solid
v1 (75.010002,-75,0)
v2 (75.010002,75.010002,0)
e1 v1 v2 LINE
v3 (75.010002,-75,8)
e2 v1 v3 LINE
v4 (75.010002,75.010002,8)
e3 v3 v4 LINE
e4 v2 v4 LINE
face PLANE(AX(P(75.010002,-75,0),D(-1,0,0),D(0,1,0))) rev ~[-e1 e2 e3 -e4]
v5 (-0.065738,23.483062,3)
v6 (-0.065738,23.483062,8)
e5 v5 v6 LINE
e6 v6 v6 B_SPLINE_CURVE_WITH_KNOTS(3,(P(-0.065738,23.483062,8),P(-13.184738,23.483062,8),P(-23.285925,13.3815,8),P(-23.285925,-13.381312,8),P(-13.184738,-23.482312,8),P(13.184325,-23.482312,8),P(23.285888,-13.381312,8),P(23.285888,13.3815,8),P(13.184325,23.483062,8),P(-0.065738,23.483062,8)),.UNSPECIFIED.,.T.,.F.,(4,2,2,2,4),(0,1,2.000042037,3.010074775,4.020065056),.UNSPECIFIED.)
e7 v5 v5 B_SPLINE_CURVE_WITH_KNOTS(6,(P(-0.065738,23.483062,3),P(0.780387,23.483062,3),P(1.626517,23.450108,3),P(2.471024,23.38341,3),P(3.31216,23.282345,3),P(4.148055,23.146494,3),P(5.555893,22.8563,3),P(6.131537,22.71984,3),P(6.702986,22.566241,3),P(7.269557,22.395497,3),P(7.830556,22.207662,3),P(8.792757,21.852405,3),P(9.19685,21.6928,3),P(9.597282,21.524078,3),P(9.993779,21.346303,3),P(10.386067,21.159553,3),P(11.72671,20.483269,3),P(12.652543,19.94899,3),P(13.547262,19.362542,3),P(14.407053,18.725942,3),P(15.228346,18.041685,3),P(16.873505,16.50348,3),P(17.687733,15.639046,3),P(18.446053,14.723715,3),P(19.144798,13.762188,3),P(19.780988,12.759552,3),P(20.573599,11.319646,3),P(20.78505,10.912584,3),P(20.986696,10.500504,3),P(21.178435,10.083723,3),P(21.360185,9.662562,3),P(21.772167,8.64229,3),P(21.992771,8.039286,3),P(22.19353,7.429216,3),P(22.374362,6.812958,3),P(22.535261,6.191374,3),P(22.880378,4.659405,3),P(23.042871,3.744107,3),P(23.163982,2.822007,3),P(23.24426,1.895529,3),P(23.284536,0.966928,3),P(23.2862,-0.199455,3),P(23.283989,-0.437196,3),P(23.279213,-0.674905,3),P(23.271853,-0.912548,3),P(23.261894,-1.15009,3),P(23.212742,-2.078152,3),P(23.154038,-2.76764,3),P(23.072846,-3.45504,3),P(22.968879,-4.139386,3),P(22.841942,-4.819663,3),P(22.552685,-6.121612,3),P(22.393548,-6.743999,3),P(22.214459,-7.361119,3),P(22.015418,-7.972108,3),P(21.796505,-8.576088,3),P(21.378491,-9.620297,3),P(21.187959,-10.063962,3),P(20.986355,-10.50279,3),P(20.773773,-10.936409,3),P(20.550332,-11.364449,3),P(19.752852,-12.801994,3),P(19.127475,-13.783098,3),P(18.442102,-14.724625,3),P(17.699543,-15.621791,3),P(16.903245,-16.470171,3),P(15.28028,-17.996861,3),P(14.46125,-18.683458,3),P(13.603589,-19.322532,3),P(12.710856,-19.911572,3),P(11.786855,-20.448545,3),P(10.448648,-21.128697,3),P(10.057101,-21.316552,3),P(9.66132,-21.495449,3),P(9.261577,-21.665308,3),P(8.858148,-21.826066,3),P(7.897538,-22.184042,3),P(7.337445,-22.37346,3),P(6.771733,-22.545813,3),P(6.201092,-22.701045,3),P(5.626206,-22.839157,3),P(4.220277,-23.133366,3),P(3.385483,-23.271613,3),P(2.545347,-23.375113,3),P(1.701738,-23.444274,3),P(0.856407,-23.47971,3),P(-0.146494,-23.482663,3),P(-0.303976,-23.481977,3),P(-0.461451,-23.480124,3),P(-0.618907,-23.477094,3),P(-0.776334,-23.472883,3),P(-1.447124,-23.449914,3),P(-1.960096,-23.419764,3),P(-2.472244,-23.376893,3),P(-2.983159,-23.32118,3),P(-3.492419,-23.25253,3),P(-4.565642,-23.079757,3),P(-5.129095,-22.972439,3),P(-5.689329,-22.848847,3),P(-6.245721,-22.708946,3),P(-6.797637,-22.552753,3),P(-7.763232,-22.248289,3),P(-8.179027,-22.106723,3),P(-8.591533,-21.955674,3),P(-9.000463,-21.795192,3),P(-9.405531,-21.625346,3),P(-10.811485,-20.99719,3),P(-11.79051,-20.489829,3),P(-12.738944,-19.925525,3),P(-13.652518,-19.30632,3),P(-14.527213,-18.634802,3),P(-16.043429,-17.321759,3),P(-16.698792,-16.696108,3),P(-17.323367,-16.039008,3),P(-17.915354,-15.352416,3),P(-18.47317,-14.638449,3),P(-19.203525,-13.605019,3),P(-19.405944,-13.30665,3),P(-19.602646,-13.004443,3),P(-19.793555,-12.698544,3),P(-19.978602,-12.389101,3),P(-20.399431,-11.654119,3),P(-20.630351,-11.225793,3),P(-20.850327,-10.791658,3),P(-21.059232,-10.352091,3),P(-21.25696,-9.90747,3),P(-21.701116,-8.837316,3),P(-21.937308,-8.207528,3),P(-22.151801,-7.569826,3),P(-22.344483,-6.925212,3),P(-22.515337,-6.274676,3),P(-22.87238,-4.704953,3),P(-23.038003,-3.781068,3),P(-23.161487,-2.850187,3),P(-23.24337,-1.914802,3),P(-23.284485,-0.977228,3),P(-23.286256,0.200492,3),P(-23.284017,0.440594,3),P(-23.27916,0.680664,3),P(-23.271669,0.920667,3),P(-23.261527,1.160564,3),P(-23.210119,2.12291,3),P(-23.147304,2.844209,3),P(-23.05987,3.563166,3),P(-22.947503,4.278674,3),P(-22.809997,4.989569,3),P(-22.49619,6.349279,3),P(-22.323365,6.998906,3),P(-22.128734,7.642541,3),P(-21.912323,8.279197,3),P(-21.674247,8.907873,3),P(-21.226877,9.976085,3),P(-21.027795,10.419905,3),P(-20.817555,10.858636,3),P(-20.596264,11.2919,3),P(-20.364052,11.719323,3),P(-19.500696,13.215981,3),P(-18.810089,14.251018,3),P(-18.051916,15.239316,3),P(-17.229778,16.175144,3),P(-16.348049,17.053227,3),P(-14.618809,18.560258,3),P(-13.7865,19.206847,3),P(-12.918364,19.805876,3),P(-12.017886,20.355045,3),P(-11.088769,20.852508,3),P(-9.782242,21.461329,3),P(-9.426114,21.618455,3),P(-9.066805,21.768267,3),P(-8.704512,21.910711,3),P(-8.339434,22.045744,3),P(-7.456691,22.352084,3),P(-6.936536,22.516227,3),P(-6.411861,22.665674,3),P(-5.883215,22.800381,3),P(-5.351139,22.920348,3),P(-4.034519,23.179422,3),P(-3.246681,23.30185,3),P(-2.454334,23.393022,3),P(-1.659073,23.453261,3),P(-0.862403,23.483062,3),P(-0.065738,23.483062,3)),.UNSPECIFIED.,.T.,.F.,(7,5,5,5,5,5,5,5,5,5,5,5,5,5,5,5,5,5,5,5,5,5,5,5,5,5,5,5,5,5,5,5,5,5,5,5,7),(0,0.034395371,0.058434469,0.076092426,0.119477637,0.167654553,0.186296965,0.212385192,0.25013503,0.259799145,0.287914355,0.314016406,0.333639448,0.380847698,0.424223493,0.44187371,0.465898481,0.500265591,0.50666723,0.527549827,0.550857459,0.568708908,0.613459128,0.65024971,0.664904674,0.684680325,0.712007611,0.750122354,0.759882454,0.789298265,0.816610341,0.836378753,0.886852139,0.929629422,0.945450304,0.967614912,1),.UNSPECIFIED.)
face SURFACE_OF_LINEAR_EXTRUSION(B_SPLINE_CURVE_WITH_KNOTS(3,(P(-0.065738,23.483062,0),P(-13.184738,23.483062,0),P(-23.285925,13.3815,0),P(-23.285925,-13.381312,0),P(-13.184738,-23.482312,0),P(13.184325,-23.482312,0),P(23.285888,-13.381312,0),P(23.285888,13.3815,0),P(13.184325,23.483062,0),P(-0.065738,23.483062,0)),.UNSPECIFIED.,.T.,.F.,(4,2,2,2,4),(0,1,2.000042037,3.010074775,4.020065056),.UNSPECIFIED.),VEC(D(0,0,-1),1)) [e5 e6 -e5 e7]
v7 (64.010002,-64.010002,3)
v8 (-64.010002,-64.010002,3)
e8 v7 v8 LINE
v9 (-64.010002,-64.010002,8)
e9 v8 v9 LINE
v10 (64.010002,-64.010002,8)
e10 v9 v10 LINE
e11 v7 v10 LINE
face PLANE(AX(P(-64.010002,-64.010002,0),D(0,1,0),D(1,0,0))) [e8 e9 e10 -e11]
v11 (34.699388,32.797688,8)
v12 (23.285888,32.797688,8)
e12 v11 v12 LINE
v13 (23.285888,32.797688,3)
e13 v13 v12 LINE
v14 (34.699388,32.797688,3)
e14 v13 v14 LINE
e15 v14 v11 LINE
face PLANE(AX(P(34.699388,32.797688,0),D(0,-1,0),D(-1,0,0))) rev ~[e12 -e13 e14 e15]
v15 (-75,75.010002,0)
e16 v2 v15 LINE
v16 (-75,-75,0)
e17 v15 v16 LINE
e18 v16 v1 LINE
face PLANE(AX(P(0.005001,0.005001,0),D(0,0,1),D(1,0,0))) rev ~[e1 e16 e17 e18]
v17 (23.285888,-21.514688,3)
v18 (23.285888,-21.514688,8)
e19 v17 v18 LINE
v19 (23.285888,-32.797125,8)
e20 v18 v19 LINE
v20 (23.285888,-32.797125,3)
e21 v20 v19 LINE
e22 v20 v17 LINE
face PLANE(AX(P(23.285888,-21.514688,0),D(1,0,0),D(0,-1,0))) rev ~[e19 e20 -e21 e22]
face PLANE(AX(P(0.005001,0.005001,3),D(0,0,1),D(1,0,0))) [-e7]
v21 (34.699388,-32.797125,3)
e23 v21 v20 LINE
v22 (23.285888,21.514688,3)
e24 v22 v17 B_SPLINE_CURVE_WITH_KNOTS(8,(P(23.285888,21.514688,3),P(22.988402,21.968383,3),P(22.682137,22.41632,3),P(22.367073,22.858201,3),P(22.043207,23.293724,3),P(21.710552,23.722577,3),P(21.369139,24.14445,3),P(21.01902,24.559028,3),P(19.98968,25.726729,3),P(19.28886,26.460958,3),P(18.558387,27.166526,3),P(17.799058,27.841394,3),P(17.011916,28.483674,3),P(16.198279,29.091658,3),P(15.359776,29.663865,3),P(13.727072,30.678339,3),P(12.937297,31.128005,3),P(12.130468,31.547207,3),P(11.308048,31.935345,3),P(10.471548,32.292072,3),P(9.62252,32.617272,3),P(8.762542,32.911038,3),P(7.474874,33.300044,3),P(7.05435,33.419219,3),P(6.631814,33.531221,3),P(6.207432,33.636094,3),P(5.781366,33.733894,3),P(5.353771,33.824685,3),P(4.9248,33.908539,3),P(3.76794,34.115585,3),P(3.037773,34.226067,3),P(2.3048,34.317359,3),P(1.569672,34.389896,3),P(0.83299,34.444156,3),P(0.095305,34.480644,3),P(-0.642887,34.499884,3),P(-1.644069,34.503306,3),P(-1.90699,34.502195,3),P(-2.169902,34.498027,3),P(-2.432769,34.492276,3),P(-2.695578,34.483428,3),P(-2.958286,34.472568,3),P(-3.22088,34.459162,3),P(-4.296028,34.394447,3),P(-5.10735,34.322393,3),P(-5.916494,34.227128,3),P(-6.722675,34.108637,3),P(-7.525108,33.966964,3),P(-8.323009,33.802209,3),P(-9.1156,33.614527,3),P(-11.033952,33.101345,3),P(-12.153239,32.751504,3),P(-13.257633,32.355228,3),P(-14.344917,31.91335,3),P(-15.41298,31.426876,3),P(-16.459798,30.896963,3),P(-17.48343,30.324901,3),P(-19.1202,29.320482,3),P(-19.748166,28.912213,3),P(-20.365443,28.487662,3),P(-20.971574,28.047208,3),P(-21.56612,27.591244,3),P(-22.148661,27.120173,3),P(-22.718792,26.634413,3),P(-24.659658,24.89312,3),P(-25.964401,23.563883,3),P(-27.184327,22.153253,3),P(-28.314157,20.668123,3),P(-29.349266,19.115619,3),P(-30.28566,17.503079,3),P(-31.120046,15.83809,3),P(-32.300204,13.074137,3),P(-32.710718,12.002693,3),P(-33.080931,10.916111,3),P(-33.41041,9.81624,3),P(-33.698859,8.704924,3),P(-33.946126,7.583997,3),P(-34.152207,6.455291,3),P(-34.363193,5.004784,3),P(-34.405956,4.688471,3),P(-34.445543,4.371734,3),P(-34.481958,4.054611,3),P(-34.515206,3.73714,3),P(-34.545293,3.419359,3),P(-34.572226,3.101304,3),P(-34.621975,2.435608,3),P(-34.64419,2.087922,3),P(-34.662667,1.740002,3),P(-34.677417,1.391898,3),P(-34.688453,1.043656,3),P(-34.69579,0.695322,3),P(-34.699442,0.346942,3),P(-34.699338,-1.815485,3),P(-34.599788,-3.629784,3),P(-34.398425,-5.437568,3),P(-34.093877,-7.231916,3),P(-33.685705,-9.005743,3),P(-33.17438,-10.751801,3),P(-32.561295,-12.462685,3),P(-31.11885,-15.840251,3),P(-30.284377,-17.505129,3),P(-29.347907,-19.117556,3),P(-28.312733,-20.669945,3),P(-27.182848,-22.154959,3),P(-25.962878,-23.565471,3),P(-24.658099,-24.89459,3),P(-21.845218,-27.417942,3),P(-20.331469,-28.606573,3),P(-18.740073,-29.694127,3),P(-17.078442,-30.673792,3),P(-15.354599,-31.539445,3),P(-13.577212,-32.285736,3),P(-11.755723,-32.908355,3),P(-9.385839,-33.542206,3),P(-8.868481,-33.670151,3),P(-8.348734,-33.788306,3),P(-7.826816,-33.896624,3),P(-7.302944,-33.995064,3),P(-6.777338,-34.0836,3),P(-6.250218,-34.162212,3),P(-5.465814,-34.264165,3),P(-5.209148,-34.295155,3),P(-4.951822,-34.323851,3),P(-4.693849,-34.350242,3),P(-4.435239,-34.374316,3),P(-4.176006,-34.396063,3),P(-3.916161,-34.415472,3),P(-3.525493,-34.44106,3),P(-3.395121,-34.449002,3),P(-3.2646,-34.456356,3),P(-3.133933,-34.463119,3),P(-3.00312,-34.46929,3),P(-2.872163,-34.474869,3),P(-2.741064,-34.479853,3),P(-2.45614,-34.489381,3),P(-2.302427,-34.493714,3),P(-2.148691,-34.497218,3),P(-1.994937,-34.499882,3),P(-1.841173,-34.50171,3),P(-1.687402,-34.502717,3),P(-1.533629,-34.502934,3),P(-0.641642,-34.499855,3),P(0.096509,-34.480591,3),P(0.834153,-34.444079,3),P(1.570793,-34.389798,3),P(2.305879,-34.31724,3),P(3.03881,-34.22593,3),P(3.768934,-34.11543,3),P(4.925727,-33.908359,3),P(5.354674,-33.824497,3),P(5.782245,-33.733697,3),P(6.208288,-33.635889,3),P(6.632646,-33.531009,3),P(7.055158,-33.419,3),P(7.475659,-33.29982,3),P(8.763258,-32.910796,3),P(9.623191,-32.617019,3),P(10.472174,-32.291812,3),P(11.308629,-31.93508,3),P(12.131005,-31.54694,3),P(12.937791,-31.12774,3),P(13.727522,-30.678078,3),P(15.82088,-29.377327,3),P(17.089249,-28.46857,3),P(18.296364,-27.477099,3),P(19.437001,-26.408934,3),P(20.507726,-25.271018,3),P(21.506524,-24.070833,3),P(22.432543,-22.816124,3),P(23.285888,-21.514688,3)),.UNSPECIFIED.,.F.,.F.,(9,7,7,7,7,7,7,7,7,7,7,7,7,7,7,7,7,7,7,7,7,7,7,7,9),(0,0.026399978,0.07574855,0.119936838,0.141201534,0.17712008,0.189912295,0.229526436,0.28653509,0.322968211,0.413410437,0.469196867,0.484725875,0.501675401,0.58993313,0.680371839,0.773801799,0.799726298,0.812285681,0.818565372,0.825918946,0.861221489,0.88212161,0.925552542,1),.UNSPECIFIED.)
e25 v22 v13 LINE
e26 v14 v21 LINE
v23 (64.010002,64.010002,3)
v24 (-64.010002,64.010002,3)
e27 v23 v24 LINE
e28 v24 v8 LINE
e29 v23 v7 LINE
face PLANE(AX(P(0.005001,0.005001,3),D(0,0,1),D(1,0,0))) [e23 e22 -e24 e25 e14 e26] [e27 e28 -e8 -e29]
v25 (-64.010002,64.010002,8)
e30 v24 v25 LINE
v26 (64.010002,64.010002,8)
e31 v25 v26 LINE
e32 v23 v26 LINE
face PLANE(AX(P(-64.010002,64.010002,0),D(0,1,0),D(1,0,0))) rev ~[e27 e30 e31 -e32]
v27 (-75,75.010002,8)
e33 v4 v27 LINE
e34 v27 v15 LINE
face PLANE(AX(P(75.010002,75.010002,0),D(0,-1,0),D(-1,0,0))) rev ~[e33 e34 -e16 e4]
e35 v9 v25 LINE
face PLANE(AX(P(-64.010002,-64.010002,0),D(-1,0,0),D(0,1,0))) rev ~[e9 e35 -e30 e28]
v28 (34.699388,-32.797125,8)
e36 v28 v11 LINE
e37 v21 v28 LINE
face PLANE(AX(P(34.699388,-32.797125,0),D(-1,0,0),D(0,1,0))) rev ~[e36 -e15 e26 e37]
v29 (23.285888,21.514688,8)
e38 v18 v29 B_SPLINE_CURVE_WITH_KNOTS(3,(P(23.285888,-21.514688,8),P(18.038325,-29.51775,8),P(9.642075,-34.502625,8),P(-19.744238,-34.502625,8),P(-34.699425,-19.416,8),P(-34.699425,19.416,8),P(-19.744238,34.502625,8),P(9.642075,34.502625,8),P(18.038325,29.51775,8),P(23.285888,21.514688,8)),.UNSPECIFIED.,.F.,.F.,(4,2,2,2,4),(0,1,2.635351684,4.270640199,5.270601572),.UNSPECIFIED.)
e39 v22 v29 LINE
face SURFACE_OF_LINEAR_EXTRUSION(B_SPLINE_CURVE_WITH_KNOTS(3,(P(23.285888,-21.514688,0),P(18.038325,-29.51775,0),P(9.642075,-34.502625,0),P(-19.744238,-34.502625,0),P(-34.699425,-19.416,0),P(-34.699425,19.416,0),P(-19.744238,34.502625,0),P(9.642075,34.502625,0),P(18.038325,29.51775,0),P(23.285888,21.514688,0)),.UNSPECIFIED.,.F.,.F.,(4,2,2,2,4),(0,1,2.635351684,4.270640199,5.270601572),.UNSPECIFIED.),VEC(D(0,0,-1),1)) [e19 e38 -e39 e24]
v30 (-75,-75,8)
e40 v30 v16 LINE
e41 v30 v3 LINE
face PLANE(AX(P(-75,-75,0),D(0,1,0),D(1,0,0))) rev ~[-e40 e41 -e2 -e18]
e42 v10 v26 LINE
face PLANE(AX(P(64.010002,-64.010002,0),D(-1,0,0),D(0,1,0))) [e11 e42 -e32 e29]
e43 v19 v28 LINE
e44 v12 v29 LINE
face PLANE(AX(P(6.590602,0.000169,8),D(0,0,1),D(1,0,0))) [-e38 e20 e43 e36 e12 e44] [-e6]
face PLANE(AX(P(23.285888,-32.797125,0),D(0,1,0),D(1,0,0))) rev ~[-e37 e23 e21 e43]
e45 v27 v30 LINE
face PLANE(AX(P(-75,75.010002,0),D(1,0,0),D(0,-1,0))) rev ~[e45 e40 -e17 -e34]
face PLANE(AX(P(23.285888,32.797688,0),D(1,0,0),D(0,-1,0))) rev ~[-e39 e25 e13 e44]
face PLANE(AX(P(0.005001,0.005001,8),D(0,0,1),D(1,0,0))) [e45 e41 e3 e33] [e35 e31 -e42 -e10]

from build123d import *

# Parameters (mm, degrees)
F0_W     = 128.020003438
F0_H     = 128.020003438
F1_DEPTH = 3
F2_DEPTH = 8


with BuildPart() as f1:
    # F0 (on Top) → F1 (new body)
    with BuildSketch(Plane.XY):
        Polygon((-75, -75), (75.010001719, -75), (75.010001719, 75), (75.010001719, 75.010001719), (75, 75.010001719), (-75, 75.010001719), align=None)
        Rectangle(F0_W, F0_H, mode=Mode.SUBTRACT)
        Rectangle(F0_W, F0_H)
        with BuildLine():
            Line((23.2858875, 32.7976875), (34.6993875, 32.7976875))
            Line((34.6993875, 32.7976875), (34.6993875, -32.797125))
            Line((34.6993875, -32.797125), (23.2858875, -32.797125))
            Line((23.2858875, -32.797125), (23.2858875, -21.5146875))
            add(Edge.make_bspline(
                [(23.2858875, -21.5146875), (18.038325, -29.51775), (9.642075, -34.502625), (-1.5087375, -34.502625)],
                knots=[0, 0, 0, 0, 1, 1, 1, 1], degree=3))
            add(Edge.make_bspline(
                [(-1.5087375, -34.502625), (-19.7442375, -34.502625), (-34.699425, -19.416), (-34.699425, 0.000375)],
                knots=[0, 0, 0, 0, 1, 1, 1, 1], degree=3))
            add(Edge.make_bspline(
                [(-34.699425, 0.000375), (-34.699425, 19.416), (-19.7442375, 34.502625), (-1.5087375, 34.502625)],
                knots=[0, 0, 0, 0, 1, 1, 1, 1], degree=3))
            add(Edge.make_bspline(
                [(-1.5087375, 34.502625), (9.642075, 34.502625), (18.038325, 29.51775), (23.2858875, 21.5146875)],
                knots=[0, 0, 0, 0, 1, 1, 1, 1], degree=3))
            Line((23.2858875, 21.5146875), (23.2858875, 32.7976875))
        make_face(mode=Mode.SUBTRACT)
        with BuildLine():
            Line((34.6993875, -32.797125), (34.6993875, 32.7976875))
            Line((34.6993875, 32.7976875), (23.2858875, 32.7976875))
            Line((23.2858875, 32.7976875), (23.2858875, 21.5146875))
            add(Edge.make_bspline(
                [(-1.5087375, 34.502625), (9.642075, 34.502625), (18.038325, 29.51775), (23.2858875, 21.5146875)],
                knots=[0, 0, 0, 0, 1, 1, 1, 1], degree=3))
            add(Edge.make_bspline(
                [(-34.699425, 0.000375), (-34.699425, 19.416), (-19.7442375, 34.502625), (-1.5087375, 34.502625)],
                knots=[0, 0, 0, 0, 1, 1, 1, 1], degree=3))
            add(Edge.make_bspline(
                [(-1.5087375, -34.502625), (-19.7442375, -34.502625), (-34.699425, -19.416), (-34.699425, 0.000375)],
                knots=[0, 0, 0, 0, 1, 1, 1, 1], degree=3))
            add(Edge.make_bspline(
                [(23.2858875, -21.5146875), (18.038325, -29.51775), (9.642075, -34.502625), (-1.5087375, -34.502625)],
                knots=[0, 0, 0, 0, 1, 1, 1, 1], degree=3))
            Line((23.2858875, -21.5146875), (23.2858875, -32.797125))
            Line((23.2858875, -32.797125), (34.6993875, -32.797125))
        make_face()
        with BuildLine():
            add(Edge.make_bspline(
                [(23.2858875, 0.000375), (23.2858875, 13.3815), (13.184325, 23.4830625), (-0.0657375, 23.4830625)],
                knots=[0, 0, 0, 0, 1, 1, 1, 1], degree=3))
            add(Edge.make_bspline(
                [(-0.0657375, -23.4823125), (13.184325, -23.4823125), (23.2858875, -13.3813125), (23.2858875, 0.000375)],
                knots=[0, 0, 0, 0, 1, 1, 1, 1], degree=3))
            add(Edge.make_bspline(
                [(-23.285925, 0.000375), (-23.285925, -13.3813125), (-13.1847375, -23.4823125), (-0.0657375, -23.4823125)],
                knots=[0, 0, 0, 0, 1, 1, 1, 1], degree=3))
            add(Edge.make_bspline(
                [(-0.0657375, 23.4830625), (-13.1847375, 23.4830625), (-23.285925, 13.3815), (-23.285925, 0.000375)],
                knots=[0, 0, 0, 0, 1, 1, 1, 1], degree=3))
        make_face(mode=Mode.SUBTRACT)
        with BuildLine():
            add(Edge.make_bspline(
                [(-0.0657375, -23.4823125), (13.184325, -23.4823125), (23.2858875, -13.3813125), (23.2858875, 0.000375)],
                knots=[0, 0, 0, 0, 1, 1, 1, 1], degree=3))
            add(Edge.make_bspline(
                [(23.2858875, 0.000375), (23.2858875, 13.3815), (13.184325, 23.4830625), (-0.0657375, 23.4830625)],
                knots=[0, 0, 0, 0, 1, 1, 1, 1], degree=3))
            add(Edge.make_bspline(
                [(-0.0657375, 23.4830625), (-13.1847375, 23.4830625), (-23.285925, 13.3815), (-23.285925, 0.000375)],
                knots=[0, 0, 0, 0, 1, 1, 1, 1], degree=3))
            add(Edge.make_bspline(
                [(-23.285925, 0.000375), (-23.285925, -13.3813125), (-13.1847375, -23.4823125), (-0.0657375, -23.4823125)],
                knots=[0, 0, 0, 0, 1, 1, 1, 1], degree=3))
        make_face()
    extrude(amount=F1_DEPTH)

    # F0 (on Top) → F2 (join)
    with BuildSketch(Plane.XY):
        Polygon((-75, -75), (75.010001719, -75), (75.010001719, 75), (75.010001719, 75.010001719), (75, 75.010001719), (-75, 75.010001719), align=None)
        Rectangle(F0_W, F0_H, mode=Mode.SUBTRACT)
        with BuildLine():
            Line((34.6993875, -32.797125), (34.6993875, 32.7976875))
            Line((34.6993875, 32.7976875), (23.2858875, 32.7976875))
            Line((23.2858875, 32.7976875), (23.2858875, 21.5146875))
            add(Edge.make_bspline(
                [(-1.5087375, 34.502625), (9.642075, 34.502625), (18.038325, 29.51775), (23.2858875, 21.5146875)],
                knots=[0, 0, 0, 0, 1, 1, 1, 1], degree=3))
            add(Edge.make_bspline(
                [(-34.699425, 0.000375), (-34.699425, 19.416), (-19.7442375, 34.502625), (-1.5087375, 34.502625)],
                knots=[0, 0, 0, 0, 1, 1, 1, 1], degree=3))
            add(Edge.make_bspline(
                [(-1.5087375, -34.502625), (-19.7442375, -34.502625), (-34.699425, -19.416), (-34.699425, 0.000375)],
                knots=[0, 0, 0, 0, 1, 1, 1, 1], degree=3))
            add(Edge.make_bspline(
                [(23.2858875, -21.5146875), (18.038325, -29.51775), (9.642075, -34.502625), (-1.5087375, -34.502625)],
                knots=[0, 0, 0, 0, 1, 1, 1, 1], degree=3))
            Line((23.2858875, -21.5146875), (23.2858875, -32.797125))
            Line((23.2858875, -32.797125), (34.6993875, -32.797125))
        make_face()
        with BuildLine():
            add(Edge.make_bspline(
                [(23.2858875, 0.000375), (23.2858875, 13.3815), (13.184325, 23.4830625), (-0.0657375, 23.4830625)],
                knots=[0, 0, 0, 0, 1, 1, 1, 1], degree=3))
            add(Edge.make_bspline(
                [(-0.0657375, -23.4823125), (13.184325, -23.4823125), (23.2858875, -13.3813125), (23.2858875, 0.000375)],
                knots=[0, 0, 0, 0, 1, 1, 1, 1], degree=3))
            add(Edge.make_bspline(
                [(-23.285925, 0.000375), (-23.285925, -13.3813125), (-13.1847375, -23.4823125), (-0.0657375, -23.4823125)],
                knots=[0, 0, 0, 0, 1, 1, 1, 1], degree=3))
            add(Edge.make_bspline(
                [(-0.0657375, 23.4830625), (-13.1847375, 23.4830625), (-23.285925, 13.3815), (-23.285925, 0.000375)],
                knots=[0, 0, 0, 0, 1, 1, 1, 1], degree=3))
        make_face(mode=Mode.SUBTRACT)
    extrude(amount=F2_DEPTH)


solid = f1.part
